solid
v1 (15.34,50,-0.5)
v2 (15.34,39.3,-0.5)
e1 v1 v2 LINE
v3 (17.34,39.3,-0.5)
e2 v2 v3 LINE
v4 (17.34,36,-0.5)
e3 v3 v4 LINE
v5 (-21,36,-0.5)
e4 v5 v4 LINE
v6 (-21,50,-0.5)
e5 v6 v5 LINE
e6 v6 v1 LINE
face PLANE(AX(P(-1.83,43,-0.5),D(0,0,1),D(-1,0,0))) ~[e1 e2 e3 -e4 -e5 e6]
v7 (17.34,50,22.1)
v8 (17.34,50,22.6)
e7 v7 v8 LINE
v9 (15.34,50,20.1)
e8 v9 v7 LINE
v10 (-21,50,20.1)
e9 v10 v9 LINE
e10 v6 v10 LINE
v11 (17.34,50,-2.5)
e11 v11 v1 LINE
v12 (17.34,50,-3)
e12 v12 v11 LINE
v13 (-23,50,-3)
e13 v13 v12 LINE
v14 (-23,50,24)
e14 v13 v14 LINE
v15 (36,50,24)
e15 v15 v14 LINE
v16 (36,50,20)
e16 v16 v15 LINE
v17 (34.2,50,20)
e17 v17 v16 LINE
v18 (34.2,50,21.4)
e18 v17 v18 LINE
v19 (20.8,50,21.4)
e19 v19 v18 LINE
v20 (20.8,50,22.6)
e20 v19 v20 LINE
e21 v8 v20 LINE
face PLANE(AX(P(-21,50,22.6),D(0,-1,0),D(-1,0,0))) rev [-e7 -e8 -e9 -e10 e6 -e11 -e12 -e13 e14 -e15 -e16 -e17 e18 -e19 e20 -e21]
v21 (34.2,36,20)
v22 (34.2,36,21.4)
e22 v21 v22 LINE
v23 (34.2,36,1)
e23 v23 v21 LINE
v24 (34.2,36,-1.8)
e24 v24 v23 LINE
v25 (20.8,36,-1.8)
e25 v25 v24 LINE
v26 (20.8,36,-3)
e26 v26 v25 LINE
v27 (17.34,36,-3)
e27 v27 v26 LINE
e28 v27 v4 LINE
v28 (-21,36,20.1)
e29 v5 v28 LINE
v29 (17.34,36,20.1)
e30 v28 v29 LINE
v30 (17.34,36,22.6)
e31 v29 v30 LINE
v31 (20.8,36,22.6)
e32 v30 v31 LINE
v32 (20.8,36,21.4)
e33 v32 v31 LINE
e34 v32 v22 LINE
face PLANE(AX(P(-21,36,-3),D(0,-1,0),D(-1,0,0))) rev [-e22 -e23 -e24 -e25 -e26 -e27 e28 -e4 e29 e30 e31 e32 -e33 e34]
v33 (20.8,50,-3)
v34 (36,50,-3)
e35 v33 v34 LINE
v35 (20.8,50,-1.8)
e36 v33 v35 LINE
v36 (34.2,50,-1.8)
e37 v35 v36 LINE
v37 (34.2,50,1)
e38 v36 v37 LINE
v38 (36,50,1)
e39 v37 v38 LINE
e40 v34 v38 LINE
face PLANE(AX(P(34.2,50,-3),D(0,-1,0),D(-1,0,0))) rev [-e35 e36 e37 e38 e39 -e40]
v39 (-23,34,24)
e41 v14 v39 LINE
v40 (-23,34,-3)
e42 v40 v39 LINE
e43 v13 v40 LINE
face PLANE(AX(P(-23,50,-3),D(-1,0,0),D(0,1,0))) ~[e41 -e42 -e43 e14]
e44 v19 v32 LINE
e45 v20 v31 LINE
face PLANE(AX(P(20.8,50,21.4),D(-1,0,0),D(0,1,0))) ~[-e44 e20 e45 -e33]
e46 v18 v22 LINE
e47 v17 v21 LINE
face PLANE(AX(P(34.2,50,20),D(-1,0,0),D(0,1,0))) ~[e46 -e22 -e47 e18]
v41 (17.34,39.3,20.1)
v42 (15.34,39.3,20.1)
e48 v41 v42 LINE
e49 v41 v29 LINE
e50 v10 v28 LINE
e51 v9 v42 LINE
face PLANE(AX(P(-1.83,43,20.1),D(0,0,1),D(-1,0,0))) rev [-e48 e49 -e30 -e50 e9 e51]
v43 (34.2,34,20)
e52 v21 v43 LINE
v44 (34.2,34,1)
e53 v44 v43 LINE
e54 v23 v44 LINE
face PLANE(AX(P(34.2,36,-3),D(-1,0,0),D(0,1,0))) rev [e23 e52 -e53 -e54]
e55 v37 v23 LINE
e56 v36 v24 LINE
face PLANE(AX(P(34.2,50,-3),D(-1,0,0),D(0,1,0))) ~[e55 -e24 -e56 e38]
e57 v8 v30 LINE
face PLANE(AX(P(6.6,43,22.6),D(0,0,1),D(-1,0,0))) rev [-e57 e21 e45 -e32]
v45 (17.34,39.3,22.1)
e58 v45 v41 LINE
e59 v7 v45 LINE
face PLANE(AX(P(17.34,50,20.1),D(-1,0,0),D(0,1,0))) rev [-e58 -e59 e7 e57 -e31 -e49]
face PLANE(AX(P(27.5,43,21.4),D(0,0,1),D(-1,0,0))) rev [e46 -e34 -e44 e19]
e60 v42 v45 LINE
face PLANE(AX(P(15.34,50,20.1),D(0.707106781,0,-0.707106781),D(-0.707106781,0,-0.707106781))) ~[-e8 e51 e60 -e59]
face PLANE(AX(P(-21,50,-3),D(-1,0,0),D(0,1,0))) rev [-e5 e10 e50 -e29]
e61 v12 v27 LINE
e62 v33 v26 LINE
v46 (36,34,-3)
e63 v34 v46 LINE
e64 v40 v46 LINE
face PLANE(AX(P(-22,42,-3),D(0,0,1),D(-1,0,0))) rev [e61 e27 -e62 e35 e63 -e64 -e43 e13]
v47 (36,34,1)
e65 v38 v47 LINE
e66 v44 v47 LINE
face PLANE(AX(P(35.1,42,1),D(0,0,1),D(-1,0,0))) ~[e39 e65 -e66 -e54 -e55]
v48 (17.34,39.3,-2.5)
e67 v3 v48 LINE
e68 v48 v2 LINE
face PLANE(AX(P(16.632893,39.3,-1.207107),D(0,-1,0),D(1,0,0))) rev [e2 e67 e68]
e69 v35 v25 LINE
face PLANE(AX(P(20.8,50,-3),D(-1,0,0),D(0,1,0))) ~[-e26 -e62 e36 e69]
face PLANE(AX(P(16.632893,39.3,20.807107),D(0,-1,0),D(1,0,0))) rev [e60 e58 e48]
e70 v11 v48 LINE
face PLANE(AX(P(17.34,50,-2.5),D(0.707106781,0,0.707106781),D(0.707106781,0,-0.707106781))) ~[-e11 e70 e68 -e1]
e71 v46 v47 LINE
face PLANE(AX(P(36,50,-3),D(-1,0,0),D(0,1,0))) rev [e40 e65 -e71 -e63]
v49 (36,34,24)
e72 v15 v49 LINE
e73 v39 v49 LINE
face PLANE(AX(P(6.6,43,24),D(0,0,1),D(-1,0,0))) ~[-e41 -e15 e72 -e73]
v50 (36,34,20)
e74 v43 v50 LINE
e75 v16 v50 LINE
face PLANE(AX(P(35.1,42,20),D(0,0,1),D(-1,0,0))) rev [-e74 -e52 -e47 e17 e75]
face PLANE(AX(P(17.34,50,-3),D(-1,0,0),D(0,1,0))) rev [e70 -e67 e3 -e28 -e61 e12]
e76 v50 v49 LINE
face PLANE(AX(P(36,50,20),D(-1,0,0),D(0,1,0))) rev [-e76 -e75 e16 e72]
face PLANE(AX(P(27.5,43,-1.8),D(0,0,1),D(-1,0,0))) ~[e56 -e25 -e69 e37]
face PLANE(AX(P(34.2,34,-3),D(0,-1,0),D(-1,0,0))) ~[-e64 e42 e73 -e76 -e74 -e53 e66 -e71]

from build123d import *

# Parameters (mm, degrees)
EXTRUDE_DEPTH                     = 10.7
EXTRUDE_ONTO_SKETCH002_ROLL_ANGLE = 90
BOX021_W                          = 1.8
BOX021_H                          = 16
BOX021_DEPTH                      = 4
BOX_W                             = 38.34
BOX_H                             = 14
BOX_DEPTH                         = 2.5
BOX007_W                          = 55.2
BOX007_H                          = 2
BOX007_DEPTH                      = 27
BOX008_W                          = 2
BOX008_H                          = 16
BOX008_DEPTH                      = 27
BOX009_W                          = 1.8
BOX009_H                          = 16
BOX009_DEPTH                      = 4
BOX019_W                          = 13.4
BOX019_H                          = 14
BOX019_DEPTH                      = 1.2
BOX018_W                          = 38.34
BOX018_H                          = 14
BOX018_DEPTH                      = 2.5
BOX020_W                          = 55.2
BOX020_H                          = 14
BOX020_DEPTH                      = 1.4
BOX005_W                          = 13.4
BOX005_H                          = 14
BOX005_DEPTH                      = 1.2


with BuildPart() as motorclipholes:
    # Sketch002 as drawn → Extrude (new)
    with BuildSketch(Plane.XY):
        Polygon((16.24, -0.5), (18.24, -0.5), (18.24, -2.5), align=None)
        Polygon((18.24, 22.1), (18.24, 20.1), (16.24, 20.1), align=None)
    extrude(amount=-EXTRUDE_DEPTH)


with BuildPart() as motorclipholes_1:
    # Extrude onto Sketch002 roll: moved
    add(motorclipholes.part.rotate(Axis((0, 0, 0), (1, 0, 0)), EXTRUDE_ONTO_SKETCH002_ROLL_ANGLE))


with BuildPart() as motorclipholes_2:
    # Extrude onto Sketch002 placement: moved
    add(motorclipholes_1.part.moved(Location((-0.9, -37, 0))))


with BuildPart() as cube020:
    # Box021 → Box021 (new body)
    with BuildSketch(Plane(origin=(35.1, -37, 20), x_dir=(1, 0, 0), z_dir=(0, 0, 1))):
        with Locations((0.9, 8)):
            Rectangle(BOX021_W, BOX021_H)
    extrude(amount=BOX021_DEPTH)


with BuildPart() as cube003:
    # Box → Box (new body)
    with BuildSketch(Plane(origin=(-20.1, -37, -3), x_dir=(1, 0, 0), z_dir=(0, 0, 1))):
        with Locations((19.17, 7)):
            Rectangle(BOX_W, BOX_H)
    extrude(amount=BOX_DEPTH)


with BuildPart() as cube006:
    # Box007 → Box007 (new body)
    with BuildSketch(Plane(origin=(-20.1, -23, -3), x_dir=(1, 0, 0), z_dir=(0, 0, 1))):
        with Locations((27.6, 1)):
            Rectangle(BOX007_W, BOX007_H)
    extrude(amount=BOX007_DEPTH)


with BuildPart() as cube007:
    # Box008 → Box008 (new body)
    with BuildSketch(Plane(origin=(-22.1, -37, -3), x_dir=(1, 0, 0), z_dir=(0, 0, 1))):
        with Locations((1, 8)):
            Rectangle(BOX008_W, BOX008_H)
    extrude(amount=BOX008_DEPTH)


with BuildPart() as cube008:
    # Box009 → Box009 (new body)
    with BuildSketch(Plane(origin=(35.1, -37, -3), x_dir=(1, 0, 0), z_dir=(0, 0, 1))):
        with Locations((0.9, 8)):
            Rectangle(BOX009_W, BOX009_H)
    extrude(amount=BOX009_DEPTH)


with BuildPart() as cube018:
    # Box019 → Box019 (new body)
    with BuildSketch(Plane(origin=(21.7, -37, 21.4), x_dir=(1, 0, 0), z_dir=(0, 0, 1))):
        with Locations((6.7, 7)):
            Rectangle(BOX019_W, BOX019_H)
    extrude(amount=BOX019_DEPTH)


with BuildPart() as cube017:
    # Box018 → Box018 (new body)
    with BuildSketch(Plane(origin=(-20.1, -37, 20.1), x_dir=(1, 0, 0), z_dir=(0, 0, 1))):
        with Locations((19.17, 7)):
            Rectangle(BOX018_W, BOX018_H)
    extrude(amount=BOX018_DEPTH)


with BuildPart() as cube019:
    # Box020 → Box020 (new body)
    with BuildSketch(Plane(origin=(-20.1, -37, 22.6), x_dir=(1, 0, 0), z_dir=(0, 0, 1))):
        with Locations((27.6, 7)):
            Rectangle(BOX020_W, BOX020_H)
    extrude(amount=BOX020_DEPTH)


with BuildPart() as motorholder:
    # Box005 → Box005 (new body)
    with BuildSketch(Plane(origin=(21.7, -37, -3), x_dir=(1, 0, 0), z_dir=(0, 0, 1))):
        with Locations((6.7, 7)):
            Rectangle(BOX005_W, BOX005_H)
    extrude(amount=BOX005_DEPTH)

    # Fusion007: union Cube020, Cube003, Cube006, Cube007, Cube008, Cube018, Cube017, Cube019
    add(cube020.part)
    add(cube003.part)
    add(cube006.part)
    add(cube007.part)
    add(cube008.part)
    add(cube018.part)
    add(cube017.part)
    add(cube019.part)


with BuildPart() as motorholder_1:
    # Fusion007 placement: moved
    add(motorholder.part.moved(Location((-0.9, 0, 0))))

    # Cut017: cut motorClipHoles
    add(motorclipholes_2.part, mode=Mode.SUBTRACT)


with BuildPart() as mirror_of_motorholder:
    # mirror: instance of motorHolder
    add(motorholder_1.part.mirror(Plane(origin=(-23, -21, 0), x_dir=(-1, 0, 0), z_dir=(0, -1, 0))))


with BuildPart() as mirror_of_motorholder_1:
    # mirror placement: moved
    add(mirror_of_motorholder.part.moved(Location((0, 55, 0))))


solid = mirror_of_motorholder_1.part
